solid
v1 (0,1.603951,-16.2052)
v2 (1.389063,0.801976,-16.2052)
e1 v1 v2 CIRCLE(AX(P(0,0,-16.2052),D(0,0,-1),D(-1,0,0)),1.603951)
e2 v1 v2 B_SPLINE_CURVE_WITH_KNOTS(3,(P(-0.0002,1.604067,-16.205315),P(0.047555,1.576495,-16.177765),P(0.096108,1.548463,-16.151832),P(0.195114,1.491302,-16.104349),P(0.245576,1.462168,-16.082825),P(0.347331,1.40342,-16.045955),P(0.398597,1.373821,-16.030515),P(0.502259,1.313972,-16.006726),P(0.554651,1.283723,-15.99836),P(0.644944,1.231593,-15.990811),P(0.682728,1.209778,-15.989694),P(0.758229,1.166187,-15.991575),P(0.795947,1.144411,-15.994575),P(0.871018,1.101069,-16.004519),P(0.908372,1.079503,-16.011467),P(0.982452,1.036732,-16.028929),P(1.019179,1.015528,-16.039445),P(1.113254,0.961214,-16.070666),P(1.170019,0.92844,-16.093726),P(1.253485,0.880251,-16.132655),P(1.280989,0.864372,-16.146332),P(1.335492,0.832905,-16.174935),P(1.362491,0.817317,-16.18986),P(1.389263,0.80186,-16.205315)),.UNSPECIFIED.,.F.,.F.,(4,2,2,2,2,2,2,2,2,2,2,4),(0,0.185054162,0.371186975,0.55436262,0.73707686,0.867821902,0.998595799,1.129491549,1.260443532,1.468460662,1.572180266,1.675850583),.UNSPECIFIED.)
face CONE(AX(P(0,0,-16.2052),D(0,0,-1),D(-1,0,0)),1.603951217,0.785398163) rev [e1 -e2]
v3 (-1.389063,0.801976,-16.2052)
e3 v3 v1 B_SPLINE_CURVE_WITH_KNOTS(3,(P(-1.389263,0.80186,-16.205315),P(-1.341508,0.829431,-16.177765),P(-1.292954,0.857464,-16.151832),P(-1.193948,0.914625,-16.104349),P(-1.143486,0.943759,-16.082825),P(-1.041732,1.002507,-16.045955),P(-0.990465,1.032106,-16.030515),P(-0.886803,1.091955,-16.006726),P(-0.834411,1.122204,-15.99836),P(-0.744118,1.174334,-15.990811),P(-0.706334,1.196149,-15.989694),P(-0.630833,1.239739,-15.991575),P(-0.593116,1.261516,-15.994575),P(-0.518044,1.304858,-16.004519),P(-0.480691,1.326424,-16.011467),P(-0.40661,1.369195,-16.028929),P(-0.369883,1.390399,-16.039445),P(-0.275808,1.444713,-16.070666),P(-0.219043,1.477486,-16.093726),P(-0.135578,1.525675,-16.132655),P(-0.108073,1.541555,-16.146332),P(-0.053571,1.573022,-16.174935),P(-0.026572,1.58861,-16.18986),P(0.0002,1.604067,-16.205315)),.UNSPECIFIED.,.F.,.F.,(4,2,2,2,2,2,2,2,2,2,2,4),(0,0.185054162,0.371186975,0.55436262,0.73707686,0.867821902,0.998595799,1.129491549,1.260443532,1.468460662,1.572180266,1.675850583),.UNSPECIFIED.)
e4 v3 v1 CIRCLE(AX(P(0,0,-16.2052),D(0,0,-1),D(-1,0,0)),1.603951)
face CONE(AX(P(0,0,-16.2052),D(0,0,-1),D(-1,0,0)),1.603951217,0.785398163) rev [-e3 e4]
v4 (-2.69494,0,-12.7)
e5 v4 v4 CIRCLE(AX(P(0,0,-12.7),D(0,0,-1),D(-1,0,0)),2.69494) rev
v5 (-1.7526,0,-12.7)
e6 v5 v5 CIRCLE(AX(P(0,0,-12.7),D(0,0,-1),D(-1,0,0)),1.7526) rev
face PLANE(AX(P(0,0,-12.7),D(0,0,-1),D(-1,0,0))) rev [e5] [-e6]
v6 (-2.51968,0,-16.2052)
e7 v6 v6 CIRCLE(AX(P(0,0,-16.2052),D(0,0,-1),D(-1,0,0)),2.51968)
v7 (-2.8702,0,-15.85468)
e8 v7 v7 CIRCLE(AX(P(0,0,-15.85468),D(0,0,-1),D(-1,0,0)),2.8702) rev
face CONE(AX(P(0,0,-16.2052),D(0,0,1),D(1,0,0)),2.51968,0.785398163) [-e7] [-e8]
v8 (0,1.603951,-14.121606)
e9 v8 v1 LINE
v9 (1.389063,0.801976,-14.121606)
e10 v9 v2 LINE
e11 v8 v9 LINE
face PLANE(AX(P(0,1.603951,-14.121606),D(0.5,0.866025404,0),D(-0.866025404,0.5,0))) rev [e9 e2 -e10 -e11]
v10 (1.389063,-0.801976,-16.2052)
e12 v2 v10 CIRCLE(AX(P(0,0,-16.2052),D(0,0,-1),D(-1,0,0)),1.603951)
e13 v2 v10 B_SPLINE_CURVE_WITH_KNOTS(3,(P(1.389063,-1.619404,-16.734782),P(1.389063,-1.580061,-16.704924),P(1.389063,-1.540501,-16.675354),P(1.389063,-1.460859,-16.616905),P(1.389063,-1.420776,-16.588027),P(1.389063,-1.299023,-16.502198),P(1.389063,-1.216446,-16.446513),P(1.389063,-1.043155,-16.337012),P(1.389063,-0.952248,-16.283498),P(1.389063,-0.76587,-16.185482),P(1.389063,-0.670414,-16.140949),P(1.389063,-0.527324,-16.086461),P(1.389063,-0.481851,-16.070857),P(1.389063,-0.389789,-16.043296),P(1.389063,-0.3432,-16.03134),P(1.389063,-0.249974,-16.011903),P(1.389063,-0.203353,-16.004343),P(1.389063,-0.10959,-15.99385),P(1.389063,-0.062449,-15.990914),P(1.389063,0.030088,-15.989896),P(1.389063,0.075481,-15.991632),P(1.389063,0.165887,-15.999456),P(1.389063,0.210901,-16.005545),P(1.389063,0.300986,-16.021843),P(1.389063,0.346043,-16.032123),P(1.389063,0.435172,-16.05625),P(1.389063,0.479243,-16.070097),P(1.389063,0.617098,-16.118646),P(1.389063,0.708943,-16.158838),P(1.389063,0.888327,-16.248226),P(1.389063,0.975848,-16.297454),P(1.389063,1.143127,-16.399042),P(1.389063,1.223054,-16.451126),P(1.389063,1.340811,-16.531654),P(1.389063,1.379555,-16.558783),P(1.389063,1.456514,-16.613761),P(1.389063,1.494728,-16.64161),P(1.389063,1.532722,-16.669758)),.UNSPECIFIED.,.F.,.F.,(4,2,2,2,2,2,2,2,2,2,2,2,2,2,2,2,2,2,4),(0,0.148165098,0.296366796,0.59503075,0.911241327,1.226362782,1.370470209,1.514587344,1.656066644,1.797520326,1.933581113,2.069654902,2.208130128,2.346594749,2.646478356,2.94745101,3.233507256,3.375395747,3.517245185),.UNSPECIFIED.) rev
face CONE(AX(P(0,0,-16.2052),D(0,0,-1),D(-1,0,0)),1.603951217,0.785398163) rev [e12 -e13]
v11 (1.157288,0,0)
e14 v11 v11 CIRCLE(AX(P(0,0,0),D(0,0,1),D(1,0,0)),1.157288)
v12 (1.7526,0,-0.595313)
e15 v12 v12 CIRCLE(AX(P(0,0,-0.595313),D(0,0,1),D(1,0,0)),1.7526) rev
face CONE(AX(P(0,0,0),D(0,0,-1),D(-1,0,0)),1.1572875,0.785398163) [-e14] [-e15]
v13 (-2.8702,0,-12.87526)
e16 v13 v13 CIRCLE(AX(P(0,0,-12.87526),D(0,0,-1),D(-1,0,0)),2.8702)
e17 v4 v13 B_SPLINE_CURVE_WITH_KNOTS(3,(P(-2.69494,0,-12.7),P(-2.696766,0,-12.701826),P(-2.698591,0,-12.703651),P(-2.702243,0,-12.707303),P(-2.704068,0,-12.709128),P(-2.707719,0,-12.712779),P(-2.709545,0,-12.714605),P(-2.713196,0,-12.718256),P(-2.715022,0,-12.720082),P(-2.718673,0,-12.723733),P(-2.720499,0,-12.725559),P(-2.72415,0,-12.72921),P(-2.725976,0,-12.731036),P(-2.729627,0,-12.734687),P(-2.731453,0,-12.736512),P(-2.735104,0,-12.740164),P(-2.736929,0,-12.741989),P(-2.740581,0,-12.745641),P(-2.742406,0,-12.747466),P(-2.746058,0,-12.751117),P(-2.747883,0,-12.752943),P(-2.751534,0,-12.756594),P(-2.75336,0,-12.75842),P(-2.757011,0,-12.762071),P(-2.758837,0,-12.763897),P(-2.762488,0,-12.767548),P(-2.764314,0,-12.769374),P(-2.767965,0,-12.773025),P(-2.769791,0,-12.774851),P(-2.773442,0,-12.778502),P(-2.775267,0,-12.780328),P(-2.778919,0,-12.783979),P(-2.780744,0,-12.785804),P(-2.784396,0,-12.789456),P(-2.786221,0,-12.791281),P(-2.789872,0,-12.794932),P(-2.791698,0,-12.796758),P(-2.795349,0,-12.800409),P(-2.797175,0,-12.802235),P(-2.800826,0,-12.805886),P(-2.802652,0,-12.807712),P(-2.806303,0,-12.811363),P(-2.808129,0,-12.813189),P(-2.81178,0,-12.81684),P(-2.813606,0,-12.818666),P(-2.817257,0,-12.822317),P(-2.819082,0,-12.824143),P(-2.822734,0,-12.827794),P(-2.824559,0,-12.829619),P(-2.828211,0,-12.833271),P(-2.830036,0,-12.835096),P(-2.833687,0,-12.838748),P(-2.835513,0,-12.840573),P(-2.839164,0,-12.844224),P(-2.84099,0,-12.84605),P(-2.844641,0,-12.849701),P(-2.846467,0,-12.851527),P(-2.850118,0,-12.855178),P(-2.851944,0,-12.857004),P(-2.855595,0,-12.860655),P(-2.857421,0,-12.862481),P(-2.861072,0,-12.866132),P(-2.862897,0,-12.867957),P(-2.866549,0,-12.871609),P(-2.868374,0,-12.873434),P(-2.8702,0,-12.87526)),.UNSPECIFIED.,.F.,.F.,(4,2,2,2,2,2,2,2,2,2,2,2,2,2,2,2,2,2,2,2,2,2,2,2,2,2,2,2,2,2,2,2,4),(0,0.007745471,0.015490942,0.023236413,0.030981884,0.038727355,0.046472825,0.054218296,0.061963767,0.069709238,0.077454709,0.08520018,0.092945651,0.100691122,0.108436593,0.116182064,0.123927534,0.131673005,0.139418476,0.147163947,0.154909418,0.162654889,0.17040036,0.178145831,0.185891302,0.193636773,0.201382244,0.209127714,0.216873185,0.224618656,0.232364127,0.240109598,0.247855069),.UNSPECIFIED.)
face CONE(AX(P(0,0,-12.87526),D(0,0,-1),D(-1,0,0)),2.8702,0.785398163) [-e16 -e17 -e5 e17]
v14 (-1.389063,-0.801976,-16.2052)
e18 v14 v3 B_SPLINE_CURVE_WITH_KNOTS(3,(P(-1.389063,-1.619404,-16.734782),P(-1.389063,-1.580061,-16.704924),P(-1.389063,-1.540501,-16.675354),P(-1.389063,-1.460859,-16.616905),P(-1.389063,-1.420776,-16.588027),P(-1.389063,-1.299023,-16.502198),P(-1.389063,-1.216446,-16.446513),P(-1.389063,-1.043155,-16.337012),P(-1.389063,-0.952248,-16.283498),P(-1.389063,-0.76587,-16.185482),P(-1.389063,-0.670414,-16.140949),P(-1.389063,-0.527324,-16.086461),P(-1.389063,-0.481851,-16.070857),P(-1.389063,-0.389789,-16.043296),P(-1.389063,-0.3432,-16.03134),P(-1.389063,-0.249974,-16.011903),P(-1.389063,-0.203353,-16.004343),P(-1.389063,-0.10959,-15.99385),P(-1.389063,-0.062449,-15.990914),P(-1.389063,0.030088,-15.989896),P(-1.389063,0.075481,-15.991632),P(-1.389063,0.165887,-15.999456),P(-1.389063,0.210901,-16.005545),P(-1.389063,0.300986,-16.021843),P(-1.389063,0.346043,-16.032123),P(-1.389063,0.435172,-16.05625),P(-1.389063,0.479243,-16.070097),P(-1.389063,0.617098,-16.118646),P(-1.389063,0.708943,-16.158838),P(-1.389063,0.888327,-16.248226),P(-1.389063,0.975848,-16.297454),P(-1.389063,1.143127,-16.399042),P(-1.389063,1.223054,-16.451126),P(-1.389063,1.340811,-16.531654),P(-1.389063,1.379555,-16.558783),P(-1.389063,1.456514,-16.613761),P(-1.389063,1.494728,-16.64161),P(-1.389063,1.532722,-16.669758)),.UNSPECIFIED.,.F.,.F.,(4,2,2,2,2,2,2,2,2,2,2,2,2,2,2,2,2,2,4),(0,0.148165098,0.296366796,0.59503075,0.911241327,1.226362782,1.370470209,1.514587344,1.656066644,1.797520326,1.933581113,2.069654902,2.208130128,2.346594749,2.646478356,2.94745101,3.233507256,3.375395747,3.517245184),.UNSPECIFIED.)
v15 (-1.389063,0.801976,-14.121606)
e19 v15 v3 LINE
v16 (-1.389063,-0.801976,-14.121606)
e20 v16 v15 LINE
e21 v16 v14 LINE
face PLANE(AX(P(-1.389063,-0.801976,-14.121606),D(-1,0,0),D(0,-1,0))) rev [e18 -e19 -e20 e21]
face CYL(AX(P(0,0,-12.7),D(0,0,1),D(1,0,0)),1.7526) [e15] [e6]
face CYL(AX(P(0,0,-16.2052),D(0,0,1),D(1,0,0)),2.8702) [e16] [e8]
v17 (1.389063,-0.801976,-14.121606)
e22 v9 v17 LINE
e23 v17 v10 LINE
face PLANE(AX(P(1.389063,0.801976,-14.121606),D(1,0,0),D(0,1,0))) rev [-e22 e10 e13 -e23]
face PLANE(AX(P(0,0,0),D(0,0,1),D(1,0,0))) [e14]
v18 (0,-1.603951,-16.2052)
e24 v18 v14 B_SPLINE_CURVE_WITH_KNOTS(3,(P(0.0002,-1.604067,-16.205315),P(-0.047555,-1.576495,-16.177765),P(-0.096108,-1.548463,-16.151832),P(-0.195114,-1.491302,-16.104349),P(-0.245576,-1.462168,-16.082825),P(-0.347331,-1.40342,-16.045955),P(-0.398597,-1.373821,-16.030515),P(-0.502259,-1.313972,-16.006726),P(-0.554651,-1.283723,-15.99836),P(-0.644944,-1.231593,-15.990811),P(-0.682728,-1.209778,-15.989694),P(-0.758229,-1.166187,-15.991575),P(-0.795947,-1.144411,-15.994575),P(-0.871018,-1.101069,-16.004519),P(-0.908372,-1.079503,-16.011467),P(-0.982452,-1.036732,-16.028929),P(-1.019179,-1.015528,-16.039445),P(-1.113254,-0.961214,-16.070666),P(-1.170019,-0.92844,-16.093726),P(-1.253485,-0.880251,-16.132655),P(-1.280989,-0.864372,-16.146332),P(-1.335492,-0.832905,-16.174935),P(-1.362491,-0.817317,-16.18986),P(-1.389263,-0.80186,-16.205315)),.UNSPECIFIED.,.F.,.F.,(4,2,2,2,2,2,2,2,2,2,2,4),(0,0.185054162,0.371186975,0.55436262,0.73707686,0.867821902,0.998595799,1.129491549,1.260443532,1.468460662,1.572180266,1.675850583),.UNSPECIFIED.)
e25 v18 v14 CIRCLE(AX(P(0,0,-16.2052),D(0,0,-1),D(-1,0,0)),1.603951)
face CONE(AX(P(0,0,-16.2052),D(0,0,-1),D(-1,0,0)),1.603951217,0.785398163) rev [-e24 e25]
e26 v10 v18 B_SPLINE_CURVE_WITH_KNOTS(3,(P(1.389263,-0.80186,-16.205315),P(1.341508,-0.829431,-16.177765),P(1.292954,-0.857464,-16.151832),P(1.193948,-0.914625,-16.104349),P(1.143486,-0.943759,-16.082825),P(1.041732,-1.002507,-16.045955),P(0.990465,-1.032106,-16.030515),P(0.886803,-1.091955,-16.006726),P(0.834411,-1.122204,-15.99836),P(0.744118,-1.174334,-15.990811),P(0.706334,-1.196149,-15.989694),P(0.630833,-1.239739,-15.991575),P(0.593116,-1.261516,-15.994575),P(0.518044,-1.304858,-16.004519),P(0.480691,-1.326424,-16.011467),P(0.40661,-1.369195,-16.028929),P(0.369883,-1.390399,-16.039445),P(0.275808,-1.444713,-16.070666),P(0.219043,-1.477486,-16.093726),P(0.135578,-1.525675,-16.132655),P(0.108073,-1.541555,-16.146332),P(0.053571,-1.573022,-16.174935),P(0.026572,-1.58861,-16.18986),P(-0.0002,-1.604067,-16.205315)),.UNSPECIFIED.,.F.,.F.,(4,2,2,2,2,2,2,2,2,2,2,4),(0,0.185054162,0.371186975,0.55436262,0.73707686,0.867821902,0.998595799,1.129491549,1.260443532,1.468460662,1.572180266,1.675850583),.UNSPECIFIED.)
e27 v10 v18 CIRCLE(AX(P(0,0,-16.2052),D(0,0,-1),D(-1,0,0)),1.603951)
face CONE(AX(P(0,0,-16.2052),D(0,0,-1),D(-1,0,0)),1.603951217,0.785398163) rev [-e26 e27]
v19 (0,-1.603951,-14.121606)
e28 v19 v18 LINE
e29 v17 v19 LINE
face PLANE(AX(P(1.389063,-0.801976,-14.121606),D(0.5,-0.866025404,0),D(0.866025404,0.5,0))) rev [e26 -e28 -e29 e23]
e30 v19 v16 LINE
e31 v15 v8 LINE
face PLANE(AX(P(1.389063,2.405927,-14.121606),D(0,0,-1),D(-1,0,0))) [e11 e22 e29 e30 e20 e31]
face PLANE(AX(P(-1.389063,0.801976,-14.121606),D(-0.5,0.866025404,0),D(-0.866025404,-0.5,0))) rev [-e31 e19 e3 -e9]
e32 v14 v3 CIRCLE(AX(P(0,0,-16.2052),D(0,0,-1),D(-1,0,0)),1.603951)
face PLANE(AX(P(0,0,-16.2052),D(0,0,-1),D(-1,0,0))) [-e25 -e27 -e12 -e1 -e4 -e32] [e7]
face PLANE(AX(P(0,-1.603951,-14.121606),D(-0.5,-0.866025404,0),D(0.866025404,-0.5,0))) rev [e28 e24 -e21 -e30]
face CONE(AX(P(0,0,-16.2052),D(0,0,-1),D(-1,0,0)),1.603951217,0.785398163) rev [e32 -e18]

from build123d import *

# Parameters (mm, degrees)
SKETCH1_R          = 1.7526
EXTRUDE1_DEPTH     = 12.7
CHAMFER3_SIZE      = 0.5953125
SKETCH6_R          = 2.8702
EXTRUDE2_DEPTH     = 3.5052
CUT_EXTRUDE1_DEPTH = 2.08359375
SKETCH8_R          = 1.603951217
CUT_EXTRUDE2_DEPTH = 0.35052
CUT_EXTRUDE2_DRAFT = -45
CHAMFER1_SIZE      = 0.35052
CHAMFER2_SIZE      = 0.17526


with BuildPart() as part:
    # Sketch1 → Extrude1 (new body)
    with BuildSketch(Plane.XY):
        Circle(SKETCH1_R)
    extrude(amount=-EXTRUDE1_DEPTH)

    # Chamfer3
    chamfer3_edges = [part.edges().sort_by_distance(p)[0] for p in [
        (-1.7526, 0, 0),
    ]]
    chamfer(chamfer3_edges, length=CHAMFER3_SIZE)

    # Sketch6 → Extrude2 (add)
    with BuildSketch(Plane(origin=(0, 0, -12.7), x_dir=(-1, 0, 0), z_dir=(0, 0, -1))):
        Circle(SKETCH6_R)
    extrude(amount=EXTRUDE2_DEPTH)

    # Sketch7 → Cut-Extrude1 (cut)
    with BuildSketch(Plane(origin=(0, 0, -16.2052), x_dir=(-1, 0, 0), z_dir=(0, 0, -1))):
        Polygon((0, 1.603951217), (-1.3890625, 0.801975608), (-1.3890625, -0.801975608), (0, -1.603951217), (1.3890625, -0.801975608), (1.3890625, 0.801975608), align=None)
    extrude(amount=-CUT_EXTRUDE1_DEPTH, mode=Mode.SUBTRACT)


with BuildPart() as cut_extrude2_tool:
    # Sketch8 → Cut-Extrude2 (with draft: the straight prism first)
    with BuildSketch(Plane(origin=(0, 0, -16.2052), x_dir=(-1, 0, 0), z_dir=(0, 0, -1))):
        Circle(SKETCH8_R)
    extrude(amount=-CUT_EXTRUDE2_DEPTH)
    # Cut-Extrude2: the draft: its side faces are tilted about the plane it starts from
    cut_extrude2_sides = [cut_extrude2_tool.faces().sort_by_distance(p)[0] for p in [
        (1.603951217, 0, -16.02994),
    ]]
    draft(cut_extrude2_sides, Plane(origin=(0, 0, -16.2052), x_dir=(-1, 0, 0), z_dir=(0, 0, -1)), CUT_EXTRUDE2_DRAFT)


with BuildPart() as part_1:
    add(part.part)

    # Cut-Extrude2: cut by cut_extrude2_tool
    add(cut_extrude2_tool.part, mode=Mode.SUBTRACT)

    # Chamfer1
    chamfer1_edges = [part_1.edges().sort_by_distance(p)[0] for p in [
        (2.8702, 0, -16.2052),
    ]]
    chamfer(chamfer1_edges, length=CHAMFER1_SIZE)

    # Chamfer2
    chamfer2_edges = [part_1.edges().sort_by_distance(p)[0] for p in [
        (2.8702, 0, -12.7),
    ]]
    chamfer(chamfer2_edges, length=CHAMFER2_SIZE)


solid = part_1.part
